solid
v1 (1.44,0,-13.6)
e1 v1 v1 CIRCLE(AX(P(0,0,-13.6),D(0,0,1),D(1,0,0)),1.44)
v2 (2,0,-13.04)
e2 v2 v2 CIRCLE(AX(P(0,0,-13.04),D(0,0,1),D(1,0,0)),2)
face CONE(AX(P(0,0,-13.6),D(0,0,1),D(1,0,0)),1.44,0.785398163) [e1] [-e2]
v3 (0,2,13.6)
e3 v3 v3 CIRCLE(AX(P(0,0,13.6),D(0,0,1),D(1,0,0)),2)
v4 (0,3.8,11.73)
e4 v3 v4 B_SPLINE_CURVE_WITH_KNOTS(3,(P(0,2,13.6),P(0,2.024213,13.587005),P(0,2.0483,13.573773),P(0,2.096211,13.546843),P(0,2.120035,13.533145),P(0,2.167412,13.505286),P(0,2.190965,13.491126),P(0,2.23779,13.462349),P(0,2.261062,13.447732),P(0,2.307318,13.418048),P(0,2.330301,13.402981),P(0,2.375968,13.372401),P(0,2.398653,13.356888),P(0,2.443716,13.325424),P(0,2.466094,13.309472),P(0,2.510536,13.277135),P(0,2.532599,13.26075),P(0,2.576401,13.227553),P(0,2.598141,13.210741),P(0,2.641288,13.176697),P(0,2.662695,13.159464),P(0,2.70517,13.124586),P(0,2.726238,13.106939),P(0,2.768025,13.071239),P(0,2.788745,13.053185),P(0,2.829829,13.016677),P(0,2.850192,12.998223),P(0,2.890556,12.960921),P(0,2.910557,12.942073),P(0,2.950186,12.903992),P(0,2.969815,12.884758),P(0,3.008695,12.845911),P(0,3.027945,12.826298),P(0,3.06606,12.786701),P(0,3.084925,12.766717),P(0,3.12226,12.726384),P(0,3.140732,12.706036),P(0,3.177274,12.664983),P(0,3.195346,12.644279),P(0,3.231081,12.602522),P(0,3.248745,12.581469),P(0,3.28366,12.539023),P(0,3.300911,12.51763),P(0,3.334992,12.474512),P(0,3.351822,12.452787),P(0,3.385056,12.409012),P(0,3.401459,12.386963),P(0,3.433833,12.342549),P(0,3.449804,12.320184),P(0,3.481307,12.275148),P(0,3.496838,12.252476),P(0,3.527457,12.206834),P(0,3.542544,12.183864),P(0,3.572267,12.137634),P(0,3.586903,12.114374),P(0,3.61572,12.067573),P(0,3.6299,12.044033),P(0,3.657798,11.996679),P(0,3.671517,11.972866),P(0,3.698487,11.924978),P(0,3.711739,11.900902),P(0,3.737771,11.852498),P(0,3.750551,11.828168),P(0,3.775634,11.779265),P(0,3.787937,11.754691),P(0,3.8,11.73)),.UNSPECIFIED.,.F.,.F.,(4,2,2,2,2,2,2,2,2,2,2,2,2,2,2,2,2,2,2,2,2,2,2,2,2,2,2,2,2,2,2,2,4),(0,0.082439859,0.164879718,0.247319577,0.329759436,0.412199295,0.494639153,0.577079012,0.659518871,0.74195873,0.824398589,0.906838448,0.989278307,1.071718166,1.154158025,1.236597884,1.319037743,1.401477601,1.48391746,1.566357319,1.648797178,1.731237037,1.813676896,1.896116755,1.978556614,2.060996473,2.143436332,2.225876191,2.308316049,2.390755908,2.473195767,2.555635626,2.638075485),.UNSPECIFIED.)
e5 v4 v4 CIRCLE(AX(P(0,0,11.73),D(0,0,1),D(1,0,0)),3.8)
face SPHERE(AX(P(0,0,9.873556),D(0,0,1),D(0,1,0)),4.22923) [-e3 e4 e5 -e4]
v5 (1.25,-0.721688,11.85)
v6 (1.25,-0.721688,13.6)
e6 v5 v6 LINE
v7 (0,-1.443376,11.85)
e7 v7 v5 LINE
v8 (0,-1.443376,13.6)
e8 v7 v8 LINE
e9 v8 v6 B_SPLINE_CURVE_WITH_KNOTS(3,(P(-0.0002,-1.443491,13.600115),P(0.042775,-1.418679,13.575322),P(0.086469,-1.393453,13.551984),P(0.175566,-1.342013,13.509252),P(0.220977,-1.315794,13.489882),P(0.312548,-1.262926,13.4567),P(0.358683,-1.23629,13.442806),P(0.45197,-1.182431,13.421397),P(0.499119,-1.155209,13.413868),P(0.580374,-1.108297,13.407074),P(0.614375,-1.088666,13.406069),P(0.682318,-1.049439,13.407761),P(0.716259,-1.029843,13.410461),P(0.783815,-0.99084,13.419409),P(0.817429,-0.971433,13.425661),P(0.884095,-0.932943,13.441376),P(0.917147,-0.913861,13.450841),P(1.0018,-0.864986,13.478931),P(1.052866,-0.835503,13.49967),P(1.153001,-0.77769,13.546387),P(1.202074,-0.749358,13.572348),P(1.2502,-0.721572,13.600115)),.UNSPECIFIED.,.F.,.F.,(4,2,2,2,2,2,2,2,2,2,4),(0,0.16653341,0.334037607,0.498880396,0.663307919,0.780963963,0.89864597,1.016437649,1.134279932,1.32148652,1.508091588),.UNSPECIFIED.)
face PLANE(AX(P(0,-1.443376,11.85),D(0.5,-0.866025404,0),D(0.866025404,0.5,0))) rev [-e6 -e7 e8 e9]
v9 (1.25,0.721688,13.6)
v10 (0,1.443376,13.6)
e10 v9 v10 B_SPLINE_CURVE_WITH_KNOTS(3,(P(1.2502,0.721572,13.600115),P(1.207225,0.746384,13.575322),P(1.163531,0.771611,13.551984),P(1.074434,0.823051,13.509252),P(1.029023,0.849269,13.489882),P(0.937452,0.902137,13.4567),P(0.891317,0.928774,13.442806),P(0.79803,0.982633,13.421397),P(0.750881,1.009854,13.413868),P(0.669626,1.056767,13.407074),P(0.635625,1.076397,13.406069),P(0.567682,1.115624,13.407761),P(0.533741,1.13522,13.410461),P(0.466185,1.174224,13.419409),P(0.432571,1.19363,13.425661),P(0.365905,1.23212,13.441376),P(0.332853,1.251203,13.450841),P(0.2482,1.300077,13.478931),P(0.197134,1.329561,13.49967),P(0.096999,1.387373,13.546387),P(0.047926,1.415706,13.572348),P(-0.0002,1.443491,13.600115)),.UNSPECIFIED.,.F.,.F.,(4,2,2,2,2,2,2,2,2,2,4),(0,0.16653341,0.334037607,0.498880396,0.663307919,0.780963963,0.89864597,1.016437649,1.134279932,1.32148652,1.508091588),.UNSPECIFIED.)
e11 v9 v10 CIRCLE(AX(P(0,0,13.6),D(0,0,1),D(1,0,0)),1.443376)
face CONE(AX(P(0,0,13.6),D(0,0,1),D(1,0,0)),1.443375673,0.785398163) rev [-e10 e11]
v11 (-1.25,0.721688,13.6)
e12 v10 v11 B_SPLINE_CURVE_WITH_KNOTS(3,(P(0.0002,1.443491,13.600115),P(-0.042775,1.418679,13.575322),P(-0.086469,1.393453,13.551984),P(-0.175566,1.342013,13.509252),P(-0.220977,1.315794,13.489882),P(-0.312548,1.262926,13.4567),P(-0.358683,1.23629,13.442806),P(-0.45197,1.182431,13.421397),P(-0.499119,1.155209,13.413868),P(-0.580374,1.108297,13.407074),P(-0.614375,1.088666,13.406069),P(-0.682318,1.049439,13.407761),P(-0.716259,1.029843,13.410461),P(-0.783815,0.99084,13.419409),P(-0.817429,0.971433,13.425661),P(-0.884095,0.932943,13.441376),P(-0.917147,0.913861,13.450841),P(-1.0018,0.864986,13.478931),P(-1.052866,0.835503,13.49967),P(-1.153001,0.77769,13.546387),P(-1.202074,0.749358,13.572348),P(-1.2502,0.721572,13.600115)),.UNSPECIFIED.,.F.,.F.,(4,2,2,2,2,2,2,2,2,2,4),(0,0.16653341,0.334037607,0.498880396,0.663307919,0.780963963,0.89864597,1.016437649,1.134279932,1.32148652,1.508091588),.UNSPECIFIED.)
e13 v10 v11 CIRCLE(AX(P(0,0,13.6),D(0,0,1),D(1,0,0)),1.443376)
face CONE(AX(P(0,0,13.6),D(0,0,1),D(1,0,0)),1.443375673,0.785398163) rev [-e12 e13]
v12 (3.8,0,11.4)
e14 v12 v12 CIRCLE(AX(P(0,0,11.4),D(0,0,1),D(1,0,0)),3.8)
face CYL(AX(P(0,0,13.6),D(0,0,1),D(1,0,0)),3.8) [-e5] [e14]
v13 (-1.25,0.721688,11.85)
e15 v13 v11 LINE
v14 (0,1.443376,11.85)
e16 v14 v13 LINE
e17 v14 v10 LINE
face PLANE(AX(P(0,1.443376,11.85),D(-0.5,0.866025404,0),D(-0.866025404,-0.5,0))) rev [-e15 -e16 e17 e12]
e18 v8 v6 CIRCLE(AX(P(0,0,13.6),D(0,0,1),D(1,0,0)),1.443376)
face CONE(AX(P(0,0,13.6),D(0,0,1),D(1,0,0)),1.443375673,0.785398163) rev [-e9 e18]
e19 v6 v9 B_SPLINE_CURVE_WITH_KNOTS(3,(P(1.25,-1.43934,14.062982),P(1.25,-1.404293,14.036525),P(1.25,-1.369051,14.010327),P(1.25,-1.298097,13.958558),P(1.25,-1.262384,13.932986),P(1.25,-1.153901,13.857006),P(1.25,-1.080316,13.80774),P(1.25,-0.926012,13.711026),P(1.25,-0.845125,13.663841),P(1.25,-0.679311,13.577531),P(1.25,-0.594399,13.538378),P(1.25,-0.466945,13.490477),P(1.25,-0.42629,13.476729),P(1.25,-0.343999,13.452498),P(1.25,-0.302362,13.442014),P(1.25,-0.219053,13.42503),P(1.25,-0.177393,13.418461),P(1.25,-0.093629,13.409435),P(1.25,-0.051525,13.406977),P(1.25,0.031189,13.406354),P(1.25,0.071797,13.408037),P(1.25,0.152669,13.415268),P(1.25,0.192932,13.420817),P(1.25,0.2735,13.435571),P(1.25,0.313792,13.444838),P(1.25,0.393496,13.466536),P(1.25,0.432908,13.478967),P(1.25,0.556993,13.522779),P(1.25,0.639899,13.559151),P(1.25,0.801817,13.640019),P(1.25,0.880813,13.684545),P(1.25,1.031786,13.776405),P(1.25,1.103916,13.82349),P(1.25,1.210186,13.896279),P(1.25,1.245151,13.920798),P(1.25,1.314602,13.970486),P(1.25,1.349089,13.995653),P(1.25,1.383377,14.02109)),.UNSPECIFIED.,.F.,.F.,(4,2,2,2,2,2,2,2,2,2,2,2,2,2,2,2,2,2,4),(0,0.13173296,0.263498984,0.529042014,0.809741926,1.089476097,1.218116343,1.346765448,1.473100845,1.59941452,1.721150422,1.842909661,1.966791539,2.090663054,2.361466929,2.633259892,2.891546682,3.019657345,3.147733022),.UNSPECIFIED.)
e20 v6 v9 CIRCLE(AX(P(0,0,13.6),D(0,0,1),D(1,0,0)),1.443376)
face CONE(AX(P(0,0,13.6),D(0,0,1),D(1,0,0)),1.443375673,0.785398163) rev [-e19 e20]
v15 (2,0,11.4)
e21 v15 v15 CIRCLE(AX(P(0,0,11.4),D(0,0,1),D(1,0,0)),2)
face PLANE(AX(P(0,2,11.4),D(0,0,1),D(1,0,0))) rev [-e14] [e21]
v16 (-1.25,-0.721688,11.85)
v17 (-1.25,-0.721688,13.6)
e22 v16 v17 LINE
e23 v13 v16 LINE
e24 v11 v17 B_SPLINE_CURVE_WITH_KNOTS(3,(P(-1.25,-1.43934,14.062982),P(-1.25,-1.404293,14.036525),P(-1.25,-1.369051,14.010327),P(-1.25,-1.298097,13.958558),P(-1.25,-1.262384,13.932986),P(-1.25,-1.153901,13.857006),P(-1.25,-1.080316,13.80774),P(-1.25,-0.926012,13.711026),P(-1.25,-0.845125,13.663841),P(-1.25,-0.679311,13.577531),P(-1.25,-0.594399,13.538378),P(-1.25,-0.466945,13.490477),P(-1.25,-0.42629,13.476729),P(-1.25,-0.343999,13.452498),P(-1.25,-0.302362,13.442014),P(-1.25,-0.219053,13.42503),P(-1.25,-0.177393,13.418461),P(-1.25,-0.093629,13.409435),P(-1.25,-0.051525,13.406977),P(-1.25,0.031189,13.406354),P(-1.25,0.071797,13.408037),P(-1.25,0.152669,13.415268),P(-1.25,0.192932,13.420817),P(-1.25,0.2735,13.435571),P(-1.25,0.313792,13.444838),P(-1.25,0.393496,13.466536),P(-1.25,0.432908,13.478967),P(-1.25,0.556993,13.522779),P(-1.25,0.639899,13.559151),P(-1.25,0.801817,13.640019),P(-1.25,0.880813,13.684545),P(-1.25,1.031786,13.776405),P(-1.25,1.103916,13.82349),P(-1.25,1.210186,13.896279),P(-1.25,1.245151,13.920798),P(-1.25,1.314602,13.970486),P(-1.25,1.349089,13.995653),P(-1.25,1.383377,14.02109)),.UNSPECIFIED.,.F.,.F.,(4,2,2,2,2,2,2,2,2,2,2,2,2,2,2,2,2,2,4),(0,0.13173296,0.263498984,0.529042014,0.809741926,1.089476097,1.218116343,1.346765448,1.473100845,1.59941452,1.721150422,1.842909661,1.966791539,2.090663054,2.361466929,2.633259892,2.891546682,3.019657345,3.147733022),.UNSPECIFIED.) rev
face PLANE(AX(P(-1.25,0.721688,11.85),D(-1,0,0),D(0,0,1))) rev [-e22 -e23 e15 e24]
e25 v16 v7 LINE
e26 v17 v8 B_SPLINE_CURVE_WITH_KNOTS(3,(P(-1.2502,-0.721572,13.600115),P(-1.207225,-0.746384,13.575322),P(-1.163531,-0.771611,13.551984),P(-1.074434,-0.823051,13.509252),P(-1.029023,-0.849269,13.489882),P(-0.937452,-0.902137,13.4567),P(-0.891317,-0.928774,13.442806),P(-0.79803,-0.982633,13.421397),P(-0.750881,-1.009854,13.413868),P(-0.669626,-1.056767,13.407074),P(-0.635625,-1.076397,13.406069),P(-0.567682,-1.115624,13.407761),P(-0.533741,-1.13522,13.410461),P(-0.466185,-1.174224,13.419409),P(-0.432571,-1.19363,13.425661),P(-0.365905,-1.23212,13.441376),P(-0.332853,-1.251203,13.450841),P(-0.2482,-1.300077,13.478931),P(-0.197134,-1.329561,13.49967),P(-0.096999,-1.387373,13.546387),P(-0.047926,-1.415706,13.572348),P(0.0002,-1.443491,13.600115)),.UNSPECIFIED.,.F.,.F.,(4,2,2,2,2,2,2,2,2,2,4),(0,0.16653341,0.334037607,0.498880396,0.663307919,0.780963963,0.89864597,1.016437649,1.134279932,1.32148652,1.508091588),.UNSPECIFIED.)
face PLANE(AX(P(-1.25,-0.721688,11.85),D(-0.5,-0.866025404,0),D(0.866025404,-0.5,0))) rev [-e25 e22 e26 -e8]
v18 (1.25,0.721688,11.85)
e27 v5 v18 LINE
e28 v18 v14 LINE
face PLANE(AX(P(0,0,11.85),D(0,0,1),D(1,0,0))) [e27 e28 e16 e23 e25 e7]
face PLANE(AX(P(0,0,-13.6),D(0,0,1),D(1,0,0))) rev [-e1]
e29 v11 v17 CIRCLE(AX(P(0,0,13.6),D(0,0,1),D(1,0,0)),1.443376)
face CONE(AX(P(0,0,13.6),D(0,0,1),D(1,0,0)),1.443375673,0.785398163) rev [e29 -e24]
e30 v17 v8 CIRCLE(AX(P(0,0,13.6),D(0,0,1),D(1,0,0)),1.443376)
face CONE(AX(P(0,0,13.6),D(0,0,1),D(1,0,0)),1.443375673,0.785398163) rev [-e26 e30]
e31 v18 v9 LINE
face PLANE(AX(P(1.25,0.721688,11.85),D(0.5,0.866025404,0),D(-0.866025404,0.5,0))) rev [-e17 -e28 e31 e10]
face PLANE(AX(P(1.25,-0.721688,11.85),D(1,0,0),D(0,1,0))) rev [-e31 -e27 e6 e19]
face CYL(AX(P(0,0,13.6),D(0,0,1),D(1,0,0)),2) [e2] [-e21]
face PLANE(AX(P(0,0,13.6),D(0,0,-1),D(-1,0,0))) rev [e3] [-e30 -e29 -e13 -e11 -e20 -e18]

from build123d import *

# Parameters (mm, degrees)
CUT_EXTRUDE1_DEPTH = 1.75


with BuildPart() as part:
    # Sketch2 → Revolve1 (revolve)
    with BuildSketch(Plane(origin=(0, 0, 0), x_dir=(0, 0, -1), z_dir=(1, 0, 0)), mode=Mode.PRIVATE) as revolve1_sk:
        with BuildLine():
            Line((-13.6, 0), (13.6, 0))
            Line((13.6, 0), (13.6, 1.44))
            Line((13.6, 1.44), (13.04, 2))
            Line((13.04, 2), (-11.4, 2))
            Line((-11.4, 2), (-11.4, 3.8))
            Line((-11.4, 3.8), (-11.73, 3.8))
            ThreePointArc((-11.73, 3.8), (-12.806499853, 3.047002626), (-13.6, 2))
            Line((-13.6, 2), (-13.6, 0))
        make_face()
    revolve(revolve1_sk.sketch.rotate(Axis((0, 0, 13.6), (0, 0, -1)), 90), axis=Axis((0, 0, 13.6), (0, 0, -1)))

    # Sketch3 → Cut-Extrude1 (cut)
    with BuildSketch(Plane.XY.offset(13.6)):
        Polygon((0, 1.443375673), (-1.25, 0.721687836), (-1.25, -0.721687836), (0, -1.443375673), (1.25, -0.721687836), (1.25, 0.721687836), align=None)
    extrude(amount=-CUT_EXTRUDE1_DEPTH, mode=Mode.SUBTRACT)

    # Cut-Extrude2 cone 1 section (through the dimple's axis) → Cut-Extrude2 (revolve, cut)
    with BuildSketch(Plane(origin=(0, 0, 13.6), x_dir=(0, -1, 0), z_dir=(1, 0, 0))):
        Polygon((0, 0), (1.443375673, 0), (0, 1.443375673), align=None)
    revolve(axis=Axis((0, 0, 13.6), (0, 0, -1)), mode=Mode.SUBTRACT)


solid = part.part
